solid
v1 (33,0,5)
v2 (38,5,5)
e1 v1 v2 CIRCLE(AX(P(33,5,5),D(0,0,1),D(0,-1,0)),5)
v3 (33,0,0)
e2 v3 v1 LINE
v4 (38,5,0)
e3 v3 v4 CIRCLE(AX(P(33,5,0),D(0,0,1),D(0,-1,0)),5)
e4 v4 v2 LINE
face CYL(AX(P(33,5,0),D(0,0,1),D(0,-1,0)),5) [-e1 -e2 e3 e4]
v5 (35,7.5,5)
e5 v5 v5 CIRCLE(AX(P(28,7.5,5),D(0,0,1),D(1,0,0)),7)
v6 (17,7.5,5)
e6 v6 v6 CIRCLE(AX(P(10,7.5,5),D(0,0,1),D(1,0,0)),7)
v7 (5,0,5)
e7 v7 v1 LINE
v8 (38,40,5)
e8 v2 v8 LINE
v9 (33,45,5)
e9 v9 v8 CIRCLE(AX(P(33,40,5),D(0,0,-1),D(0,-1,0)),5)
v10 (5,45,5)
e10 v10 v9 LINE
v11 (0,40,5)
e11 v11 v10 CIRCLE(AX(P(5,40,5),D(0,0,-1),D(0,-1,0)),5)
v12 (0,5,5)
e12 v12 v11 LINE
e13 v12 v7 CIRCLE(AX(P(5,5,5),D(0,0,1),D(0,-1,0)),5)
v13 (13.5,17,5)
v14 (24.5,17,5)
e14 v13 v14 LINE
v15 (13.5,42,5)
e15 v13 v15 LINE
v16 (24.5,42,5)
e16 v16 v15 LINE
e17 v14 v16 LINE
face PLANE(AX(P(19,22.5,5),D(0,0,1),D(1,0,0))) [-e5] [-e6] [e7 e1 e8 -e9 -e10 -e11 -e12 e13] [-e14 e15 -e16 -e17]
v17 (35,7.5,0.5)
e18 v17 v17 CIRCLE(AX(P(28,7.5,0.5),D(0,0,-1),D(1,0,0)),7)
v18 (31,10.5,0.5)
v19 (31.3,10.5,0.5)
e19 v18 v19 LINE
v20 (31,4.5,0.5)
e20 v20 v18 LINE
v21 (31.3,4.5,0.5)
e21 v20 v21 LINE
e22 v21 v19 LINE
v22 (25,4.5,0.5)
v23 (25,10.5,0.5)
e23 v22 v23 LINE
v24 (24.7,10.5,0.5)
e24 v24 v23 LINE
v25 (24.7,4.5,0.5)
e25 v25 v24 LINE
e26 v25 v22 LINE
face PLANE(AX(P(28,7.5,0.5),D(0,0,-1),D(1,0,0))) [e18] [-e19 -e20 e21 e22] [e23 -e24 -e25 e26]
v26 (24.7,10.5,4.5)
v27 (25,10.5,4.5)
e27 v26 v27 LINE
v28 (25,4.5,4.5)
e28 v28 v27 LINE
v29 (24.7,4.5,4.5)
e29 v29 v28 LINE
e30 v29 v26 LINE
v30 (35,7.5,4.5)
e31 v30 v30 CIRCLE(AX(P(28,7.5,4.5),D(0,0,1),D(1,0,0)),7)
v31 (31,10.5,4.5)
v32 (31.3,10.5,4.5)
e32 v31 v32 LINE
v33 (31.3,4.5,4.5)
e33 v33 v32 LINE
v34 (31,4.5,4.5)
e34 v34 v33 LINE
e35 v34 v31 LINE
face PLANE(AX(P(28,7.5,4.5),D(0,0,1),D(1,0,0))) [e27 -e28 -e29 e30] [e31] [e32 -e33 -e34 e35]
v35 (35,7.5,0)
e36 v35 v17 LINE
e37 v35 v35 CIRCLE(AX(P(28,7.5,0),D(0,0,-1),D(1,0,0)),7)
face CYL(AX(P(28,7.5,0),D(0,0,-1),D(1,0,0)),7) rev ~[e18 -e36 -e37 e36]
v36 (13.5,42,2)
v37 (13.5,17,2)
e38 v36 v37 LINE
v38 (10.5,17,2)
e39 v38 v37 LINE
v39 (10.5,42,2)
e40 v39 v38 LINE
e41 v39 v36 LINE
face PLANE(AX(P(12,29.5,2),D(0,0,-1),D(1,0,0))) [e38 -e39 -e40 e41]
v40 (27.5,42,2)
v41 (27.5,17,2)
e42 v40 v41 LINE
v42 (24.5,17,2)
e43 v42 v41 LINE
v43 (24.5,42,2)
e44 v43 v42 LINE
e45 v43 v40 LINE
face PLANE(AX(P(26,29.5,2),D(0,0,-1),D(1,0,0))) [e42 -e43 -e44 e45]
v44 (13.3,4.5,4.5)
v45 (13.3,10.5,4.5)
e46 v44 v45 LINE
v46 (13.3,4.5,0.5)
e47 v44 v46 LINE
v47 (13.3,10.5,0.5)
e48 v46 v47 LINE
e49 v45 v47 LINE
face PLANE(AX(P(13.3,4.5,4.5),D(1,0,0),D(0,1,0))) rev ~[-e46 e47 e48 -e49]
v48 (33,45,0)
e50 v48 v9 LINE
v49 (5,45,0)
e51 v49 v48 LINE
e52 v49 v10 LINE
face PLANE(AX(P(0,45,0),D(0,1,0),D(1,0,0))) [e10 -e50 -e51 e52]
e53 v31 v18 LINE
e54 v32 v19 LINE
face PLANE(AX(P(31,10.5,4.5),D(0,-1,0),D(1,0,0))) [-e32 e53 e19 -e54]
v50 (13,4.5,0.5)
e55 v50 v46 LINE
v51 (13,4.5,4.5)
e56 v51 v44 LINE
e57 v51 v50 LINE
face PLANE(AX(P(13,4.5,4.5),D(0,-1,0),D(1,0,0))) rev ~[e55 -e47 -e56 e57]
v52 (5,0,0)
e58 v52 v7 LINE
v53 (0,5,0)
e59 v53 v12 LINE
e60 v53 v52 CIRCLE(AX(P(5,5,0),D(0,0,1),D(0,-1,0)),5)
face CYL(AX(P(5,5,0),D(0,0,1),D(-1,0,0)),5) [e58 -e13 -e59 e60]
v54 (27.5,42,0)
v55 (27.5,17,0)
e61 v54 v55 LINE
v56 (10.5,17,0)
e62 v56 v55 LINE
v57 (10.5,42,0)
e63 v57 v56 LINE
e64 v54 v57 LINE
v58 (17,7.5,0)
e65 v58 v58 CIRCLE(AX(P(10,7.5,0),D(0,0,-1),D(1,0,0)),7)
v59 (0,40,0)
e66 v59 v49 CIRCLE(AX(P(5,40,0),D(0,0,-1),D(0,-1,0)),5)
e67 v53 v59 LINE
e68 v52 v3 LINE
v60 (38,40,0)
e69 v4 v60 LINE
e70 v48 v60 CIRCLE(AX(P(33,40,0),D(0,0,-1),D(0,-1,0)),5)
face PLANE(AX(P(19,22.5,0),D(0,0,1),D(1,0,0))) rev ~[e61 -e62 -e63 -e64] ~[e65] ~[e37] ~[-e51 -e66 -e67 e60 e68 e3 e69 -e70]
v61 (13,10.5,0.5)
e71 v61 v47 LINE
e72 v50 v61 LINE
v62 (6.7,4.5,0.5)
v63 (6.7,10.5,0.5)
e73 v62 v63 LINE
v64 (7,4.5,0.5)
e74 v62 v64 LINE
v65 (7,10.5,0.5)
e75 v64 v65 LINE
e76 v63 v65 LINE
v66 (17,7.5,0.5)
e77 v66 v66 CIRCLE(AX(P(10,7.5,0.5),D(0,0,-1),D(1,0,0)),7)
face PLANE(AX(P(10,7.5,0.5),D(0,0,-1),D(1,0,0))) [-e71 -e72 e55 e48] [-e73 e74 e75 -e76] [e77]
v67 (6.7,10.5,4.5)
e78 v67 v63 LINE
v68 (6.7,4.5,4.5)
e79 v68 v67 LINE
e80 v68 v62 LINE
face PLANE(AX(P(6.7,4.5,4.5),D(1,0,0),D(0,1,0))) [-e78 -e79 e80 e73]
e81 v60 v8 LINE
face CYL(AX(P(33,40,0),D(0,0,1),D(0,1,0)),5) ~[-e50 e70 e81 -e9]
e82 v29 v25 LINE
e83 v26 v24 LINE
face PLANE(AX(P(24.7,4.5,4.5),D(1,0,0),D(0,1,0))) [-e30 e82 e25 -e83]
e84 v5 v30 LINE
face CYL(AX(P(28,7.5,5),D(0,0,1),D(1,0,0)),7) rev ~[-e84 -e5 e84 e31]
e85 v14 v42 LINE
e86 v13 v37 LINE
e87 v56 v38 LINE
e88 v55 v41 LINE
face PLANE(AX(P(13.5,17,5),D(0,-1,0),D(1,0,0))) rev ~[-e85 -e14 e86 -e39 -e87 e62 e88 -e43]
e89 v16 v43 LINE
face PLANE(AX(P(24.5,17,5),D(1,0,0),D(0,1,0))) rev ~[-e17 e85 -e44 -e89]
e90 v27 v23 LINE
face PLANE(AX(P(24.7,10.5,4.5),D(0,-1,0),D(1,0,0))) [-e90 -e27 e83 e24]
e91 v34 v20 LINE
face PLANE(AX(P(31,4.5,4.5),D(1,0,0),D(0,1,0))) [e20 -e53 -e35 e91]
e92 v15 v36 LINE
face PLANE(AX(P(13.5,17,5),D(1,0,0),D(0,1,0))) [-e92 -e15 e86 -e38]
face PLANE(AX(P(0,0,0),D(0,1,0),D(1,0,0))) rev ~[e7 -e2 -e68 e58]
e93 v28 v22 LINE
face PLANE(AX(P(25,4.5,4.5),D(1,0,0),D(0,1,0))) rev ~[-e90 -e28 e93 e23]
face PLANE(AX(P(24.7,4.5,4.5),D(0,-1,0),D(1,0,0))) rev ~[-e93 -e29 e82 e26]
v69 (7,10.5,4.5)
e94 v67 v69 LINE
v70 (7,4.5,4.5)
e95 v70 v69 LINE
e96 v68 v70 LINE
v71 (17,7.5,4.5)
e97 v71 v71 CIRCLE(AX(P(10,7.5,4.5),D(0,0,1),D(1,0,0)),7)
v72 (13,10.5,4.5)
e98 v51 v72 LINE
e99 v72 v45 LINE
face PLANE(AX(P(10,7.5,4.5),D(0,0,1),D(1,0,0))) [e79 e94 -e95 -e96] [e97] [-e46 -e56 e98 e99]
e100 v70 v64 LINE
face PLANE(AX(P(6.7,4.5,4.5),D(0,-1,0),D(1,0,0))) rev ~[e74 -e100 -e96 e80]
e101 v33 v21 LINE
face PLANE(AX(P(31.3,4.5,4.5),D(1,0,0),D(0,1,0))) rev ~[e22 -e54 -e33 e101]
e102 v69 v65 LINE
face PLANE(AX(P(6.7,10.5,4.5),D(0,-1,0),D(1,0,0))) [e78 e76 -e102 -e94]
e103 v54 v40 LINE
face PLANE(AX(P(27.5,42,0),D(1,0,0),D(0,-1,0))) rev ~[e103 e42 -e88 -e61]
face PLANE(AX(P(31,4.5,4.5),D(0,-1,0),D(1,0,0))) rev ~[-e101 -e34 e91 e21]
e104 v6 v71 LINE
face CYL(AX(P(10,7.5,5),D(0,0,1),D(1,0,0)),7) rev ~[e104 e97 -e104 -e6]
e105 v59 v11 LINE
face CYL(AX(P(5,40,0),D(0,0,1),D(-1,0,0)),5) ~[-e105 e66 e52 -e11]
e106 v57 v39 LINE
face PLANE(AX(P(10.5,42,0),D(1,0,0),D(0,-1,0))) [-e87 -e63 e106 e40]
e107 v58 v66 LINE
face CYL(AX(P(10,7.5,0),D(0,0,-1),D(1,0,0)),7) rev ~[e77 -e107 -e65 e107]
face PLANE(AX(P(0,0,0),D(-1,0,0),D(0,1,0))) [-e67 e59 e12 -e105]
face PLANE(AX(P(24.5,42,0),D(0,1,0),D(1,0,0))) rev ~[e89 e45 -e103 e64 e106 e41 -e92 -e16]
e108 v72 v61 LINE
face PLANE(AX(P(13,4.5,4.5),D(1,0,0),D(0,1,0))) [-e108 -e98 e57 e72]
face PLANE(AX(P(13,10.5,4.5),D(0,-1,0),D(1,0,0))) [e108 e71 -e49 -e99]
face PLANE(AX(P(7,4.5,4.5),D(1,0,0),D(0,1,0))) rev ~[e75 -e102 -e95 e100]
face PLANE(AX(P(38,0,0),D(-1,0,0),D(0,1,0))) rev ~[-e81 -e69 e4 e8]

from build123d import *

# Parameters (mm, degrees)
F0_W      = 38
F0_H      = 45
F1_DEPTH  = 5
F2_R      = 7
F3_DEPTH  = 0.5
F2_W      = 5.5
F2_H      = 25
F4_DEPTH  = 5.001
F5_W      = 3
F5_H      = 25
F6_DEPTH  = 2
F7_W      = 0.3
F7_H      = 6
F8_DEPTH  = 5
F9_R      = 7
F10_DEPTH = 0.5
F11_R     = 5


with BuildPart() as f1:
    # F0 (on Top) → F1 (new body)
    with BuildSketch(Plane.XY):
        with Locations((19, 22.5)):
            Rectangle(F0_W, F0_H)
    extrude(amount=F1_DEPTH)

    # F2 (on face) → F3 (cut)
    with BuildSketch(Plane.XY.offset(5)):
        with Locations((10, 7.5)):
            Circle(F2_R)
        with Locations((28, 7.5)):
            Circle(F2_R)
    extrude(amount=-F3_DEPTH, mode=Mode.SUBTRACT)

    # F2 (on face) → F4 (cut, through all)
    with BuildSketch(Plane.XY.offset(5)):
        with Locations((16.25, 29.5)):
            Rectangle(F2_W, F2_H)
        with Locations((21.75, 29.5)):
            Rectangle(F2_W, F2_H)
    extrude(amount=-F4_DEPTH, mode=Mode.SUBTRACT)

    # F5 (on face) → F6 (cut)
    with BuildSketch(Plane(origin=(0, 0, 0), x_dir=(1, 0, 0), z_dir=(0, 0, -1))):
        with Locations((26, -29.5)):
            Rectangle(F5_W, F5_H)
        with Locations((12, -29.5)):
            Rectangle(F5_W, F5_H)
    extrude(amount=-F6_DEPTH, mode=Mode.SUBTRACT)

    # F7 (on face) → F8 (cut)
    with BuildSketch(Plane.XY.offset(4.5)):
        with Locations((6.85, 7.5)):
            Rectangle(F7_W, F7_H)
        with Locations((13.15, 7.5)):
            Rectangle(F7_W, F7_H)
        with Locations((24.85, 7.5)):
            Rectangle(F7_W, F7_H)
        with Locations((31.15, 7.5)):
            Rectangle(F7_W, F7_H)
    extrude(amount=-F8_DEPTH, mode=Mode.SUBTRACT)

    # F9 (on face) → F10 (cut)
    with BuildSketch(Plane(origin=(0, 0, 0), x_dir=(1, 0, 0), z_dir=(0, 0, -1))):
        with Locations((28, -7.5)):
            Circle(F9_R)
        with Locations((10, -7.5)):
            Circle(F9_R)
    extrude(amount=-F10_DEPTH, mode=Mode.SUBTRACT)

    # F11
    f11_edges = [f1.edges().sort_by_distance(p)[0] for p in [
        (0, 0, 2.5),
        (38, 0, 2.5),
        (38, 45, 2.5),
        (0, 45, 2.5),
    ]]
    fillet(f11_edges, radius=F11_R)


solid = f1.part
